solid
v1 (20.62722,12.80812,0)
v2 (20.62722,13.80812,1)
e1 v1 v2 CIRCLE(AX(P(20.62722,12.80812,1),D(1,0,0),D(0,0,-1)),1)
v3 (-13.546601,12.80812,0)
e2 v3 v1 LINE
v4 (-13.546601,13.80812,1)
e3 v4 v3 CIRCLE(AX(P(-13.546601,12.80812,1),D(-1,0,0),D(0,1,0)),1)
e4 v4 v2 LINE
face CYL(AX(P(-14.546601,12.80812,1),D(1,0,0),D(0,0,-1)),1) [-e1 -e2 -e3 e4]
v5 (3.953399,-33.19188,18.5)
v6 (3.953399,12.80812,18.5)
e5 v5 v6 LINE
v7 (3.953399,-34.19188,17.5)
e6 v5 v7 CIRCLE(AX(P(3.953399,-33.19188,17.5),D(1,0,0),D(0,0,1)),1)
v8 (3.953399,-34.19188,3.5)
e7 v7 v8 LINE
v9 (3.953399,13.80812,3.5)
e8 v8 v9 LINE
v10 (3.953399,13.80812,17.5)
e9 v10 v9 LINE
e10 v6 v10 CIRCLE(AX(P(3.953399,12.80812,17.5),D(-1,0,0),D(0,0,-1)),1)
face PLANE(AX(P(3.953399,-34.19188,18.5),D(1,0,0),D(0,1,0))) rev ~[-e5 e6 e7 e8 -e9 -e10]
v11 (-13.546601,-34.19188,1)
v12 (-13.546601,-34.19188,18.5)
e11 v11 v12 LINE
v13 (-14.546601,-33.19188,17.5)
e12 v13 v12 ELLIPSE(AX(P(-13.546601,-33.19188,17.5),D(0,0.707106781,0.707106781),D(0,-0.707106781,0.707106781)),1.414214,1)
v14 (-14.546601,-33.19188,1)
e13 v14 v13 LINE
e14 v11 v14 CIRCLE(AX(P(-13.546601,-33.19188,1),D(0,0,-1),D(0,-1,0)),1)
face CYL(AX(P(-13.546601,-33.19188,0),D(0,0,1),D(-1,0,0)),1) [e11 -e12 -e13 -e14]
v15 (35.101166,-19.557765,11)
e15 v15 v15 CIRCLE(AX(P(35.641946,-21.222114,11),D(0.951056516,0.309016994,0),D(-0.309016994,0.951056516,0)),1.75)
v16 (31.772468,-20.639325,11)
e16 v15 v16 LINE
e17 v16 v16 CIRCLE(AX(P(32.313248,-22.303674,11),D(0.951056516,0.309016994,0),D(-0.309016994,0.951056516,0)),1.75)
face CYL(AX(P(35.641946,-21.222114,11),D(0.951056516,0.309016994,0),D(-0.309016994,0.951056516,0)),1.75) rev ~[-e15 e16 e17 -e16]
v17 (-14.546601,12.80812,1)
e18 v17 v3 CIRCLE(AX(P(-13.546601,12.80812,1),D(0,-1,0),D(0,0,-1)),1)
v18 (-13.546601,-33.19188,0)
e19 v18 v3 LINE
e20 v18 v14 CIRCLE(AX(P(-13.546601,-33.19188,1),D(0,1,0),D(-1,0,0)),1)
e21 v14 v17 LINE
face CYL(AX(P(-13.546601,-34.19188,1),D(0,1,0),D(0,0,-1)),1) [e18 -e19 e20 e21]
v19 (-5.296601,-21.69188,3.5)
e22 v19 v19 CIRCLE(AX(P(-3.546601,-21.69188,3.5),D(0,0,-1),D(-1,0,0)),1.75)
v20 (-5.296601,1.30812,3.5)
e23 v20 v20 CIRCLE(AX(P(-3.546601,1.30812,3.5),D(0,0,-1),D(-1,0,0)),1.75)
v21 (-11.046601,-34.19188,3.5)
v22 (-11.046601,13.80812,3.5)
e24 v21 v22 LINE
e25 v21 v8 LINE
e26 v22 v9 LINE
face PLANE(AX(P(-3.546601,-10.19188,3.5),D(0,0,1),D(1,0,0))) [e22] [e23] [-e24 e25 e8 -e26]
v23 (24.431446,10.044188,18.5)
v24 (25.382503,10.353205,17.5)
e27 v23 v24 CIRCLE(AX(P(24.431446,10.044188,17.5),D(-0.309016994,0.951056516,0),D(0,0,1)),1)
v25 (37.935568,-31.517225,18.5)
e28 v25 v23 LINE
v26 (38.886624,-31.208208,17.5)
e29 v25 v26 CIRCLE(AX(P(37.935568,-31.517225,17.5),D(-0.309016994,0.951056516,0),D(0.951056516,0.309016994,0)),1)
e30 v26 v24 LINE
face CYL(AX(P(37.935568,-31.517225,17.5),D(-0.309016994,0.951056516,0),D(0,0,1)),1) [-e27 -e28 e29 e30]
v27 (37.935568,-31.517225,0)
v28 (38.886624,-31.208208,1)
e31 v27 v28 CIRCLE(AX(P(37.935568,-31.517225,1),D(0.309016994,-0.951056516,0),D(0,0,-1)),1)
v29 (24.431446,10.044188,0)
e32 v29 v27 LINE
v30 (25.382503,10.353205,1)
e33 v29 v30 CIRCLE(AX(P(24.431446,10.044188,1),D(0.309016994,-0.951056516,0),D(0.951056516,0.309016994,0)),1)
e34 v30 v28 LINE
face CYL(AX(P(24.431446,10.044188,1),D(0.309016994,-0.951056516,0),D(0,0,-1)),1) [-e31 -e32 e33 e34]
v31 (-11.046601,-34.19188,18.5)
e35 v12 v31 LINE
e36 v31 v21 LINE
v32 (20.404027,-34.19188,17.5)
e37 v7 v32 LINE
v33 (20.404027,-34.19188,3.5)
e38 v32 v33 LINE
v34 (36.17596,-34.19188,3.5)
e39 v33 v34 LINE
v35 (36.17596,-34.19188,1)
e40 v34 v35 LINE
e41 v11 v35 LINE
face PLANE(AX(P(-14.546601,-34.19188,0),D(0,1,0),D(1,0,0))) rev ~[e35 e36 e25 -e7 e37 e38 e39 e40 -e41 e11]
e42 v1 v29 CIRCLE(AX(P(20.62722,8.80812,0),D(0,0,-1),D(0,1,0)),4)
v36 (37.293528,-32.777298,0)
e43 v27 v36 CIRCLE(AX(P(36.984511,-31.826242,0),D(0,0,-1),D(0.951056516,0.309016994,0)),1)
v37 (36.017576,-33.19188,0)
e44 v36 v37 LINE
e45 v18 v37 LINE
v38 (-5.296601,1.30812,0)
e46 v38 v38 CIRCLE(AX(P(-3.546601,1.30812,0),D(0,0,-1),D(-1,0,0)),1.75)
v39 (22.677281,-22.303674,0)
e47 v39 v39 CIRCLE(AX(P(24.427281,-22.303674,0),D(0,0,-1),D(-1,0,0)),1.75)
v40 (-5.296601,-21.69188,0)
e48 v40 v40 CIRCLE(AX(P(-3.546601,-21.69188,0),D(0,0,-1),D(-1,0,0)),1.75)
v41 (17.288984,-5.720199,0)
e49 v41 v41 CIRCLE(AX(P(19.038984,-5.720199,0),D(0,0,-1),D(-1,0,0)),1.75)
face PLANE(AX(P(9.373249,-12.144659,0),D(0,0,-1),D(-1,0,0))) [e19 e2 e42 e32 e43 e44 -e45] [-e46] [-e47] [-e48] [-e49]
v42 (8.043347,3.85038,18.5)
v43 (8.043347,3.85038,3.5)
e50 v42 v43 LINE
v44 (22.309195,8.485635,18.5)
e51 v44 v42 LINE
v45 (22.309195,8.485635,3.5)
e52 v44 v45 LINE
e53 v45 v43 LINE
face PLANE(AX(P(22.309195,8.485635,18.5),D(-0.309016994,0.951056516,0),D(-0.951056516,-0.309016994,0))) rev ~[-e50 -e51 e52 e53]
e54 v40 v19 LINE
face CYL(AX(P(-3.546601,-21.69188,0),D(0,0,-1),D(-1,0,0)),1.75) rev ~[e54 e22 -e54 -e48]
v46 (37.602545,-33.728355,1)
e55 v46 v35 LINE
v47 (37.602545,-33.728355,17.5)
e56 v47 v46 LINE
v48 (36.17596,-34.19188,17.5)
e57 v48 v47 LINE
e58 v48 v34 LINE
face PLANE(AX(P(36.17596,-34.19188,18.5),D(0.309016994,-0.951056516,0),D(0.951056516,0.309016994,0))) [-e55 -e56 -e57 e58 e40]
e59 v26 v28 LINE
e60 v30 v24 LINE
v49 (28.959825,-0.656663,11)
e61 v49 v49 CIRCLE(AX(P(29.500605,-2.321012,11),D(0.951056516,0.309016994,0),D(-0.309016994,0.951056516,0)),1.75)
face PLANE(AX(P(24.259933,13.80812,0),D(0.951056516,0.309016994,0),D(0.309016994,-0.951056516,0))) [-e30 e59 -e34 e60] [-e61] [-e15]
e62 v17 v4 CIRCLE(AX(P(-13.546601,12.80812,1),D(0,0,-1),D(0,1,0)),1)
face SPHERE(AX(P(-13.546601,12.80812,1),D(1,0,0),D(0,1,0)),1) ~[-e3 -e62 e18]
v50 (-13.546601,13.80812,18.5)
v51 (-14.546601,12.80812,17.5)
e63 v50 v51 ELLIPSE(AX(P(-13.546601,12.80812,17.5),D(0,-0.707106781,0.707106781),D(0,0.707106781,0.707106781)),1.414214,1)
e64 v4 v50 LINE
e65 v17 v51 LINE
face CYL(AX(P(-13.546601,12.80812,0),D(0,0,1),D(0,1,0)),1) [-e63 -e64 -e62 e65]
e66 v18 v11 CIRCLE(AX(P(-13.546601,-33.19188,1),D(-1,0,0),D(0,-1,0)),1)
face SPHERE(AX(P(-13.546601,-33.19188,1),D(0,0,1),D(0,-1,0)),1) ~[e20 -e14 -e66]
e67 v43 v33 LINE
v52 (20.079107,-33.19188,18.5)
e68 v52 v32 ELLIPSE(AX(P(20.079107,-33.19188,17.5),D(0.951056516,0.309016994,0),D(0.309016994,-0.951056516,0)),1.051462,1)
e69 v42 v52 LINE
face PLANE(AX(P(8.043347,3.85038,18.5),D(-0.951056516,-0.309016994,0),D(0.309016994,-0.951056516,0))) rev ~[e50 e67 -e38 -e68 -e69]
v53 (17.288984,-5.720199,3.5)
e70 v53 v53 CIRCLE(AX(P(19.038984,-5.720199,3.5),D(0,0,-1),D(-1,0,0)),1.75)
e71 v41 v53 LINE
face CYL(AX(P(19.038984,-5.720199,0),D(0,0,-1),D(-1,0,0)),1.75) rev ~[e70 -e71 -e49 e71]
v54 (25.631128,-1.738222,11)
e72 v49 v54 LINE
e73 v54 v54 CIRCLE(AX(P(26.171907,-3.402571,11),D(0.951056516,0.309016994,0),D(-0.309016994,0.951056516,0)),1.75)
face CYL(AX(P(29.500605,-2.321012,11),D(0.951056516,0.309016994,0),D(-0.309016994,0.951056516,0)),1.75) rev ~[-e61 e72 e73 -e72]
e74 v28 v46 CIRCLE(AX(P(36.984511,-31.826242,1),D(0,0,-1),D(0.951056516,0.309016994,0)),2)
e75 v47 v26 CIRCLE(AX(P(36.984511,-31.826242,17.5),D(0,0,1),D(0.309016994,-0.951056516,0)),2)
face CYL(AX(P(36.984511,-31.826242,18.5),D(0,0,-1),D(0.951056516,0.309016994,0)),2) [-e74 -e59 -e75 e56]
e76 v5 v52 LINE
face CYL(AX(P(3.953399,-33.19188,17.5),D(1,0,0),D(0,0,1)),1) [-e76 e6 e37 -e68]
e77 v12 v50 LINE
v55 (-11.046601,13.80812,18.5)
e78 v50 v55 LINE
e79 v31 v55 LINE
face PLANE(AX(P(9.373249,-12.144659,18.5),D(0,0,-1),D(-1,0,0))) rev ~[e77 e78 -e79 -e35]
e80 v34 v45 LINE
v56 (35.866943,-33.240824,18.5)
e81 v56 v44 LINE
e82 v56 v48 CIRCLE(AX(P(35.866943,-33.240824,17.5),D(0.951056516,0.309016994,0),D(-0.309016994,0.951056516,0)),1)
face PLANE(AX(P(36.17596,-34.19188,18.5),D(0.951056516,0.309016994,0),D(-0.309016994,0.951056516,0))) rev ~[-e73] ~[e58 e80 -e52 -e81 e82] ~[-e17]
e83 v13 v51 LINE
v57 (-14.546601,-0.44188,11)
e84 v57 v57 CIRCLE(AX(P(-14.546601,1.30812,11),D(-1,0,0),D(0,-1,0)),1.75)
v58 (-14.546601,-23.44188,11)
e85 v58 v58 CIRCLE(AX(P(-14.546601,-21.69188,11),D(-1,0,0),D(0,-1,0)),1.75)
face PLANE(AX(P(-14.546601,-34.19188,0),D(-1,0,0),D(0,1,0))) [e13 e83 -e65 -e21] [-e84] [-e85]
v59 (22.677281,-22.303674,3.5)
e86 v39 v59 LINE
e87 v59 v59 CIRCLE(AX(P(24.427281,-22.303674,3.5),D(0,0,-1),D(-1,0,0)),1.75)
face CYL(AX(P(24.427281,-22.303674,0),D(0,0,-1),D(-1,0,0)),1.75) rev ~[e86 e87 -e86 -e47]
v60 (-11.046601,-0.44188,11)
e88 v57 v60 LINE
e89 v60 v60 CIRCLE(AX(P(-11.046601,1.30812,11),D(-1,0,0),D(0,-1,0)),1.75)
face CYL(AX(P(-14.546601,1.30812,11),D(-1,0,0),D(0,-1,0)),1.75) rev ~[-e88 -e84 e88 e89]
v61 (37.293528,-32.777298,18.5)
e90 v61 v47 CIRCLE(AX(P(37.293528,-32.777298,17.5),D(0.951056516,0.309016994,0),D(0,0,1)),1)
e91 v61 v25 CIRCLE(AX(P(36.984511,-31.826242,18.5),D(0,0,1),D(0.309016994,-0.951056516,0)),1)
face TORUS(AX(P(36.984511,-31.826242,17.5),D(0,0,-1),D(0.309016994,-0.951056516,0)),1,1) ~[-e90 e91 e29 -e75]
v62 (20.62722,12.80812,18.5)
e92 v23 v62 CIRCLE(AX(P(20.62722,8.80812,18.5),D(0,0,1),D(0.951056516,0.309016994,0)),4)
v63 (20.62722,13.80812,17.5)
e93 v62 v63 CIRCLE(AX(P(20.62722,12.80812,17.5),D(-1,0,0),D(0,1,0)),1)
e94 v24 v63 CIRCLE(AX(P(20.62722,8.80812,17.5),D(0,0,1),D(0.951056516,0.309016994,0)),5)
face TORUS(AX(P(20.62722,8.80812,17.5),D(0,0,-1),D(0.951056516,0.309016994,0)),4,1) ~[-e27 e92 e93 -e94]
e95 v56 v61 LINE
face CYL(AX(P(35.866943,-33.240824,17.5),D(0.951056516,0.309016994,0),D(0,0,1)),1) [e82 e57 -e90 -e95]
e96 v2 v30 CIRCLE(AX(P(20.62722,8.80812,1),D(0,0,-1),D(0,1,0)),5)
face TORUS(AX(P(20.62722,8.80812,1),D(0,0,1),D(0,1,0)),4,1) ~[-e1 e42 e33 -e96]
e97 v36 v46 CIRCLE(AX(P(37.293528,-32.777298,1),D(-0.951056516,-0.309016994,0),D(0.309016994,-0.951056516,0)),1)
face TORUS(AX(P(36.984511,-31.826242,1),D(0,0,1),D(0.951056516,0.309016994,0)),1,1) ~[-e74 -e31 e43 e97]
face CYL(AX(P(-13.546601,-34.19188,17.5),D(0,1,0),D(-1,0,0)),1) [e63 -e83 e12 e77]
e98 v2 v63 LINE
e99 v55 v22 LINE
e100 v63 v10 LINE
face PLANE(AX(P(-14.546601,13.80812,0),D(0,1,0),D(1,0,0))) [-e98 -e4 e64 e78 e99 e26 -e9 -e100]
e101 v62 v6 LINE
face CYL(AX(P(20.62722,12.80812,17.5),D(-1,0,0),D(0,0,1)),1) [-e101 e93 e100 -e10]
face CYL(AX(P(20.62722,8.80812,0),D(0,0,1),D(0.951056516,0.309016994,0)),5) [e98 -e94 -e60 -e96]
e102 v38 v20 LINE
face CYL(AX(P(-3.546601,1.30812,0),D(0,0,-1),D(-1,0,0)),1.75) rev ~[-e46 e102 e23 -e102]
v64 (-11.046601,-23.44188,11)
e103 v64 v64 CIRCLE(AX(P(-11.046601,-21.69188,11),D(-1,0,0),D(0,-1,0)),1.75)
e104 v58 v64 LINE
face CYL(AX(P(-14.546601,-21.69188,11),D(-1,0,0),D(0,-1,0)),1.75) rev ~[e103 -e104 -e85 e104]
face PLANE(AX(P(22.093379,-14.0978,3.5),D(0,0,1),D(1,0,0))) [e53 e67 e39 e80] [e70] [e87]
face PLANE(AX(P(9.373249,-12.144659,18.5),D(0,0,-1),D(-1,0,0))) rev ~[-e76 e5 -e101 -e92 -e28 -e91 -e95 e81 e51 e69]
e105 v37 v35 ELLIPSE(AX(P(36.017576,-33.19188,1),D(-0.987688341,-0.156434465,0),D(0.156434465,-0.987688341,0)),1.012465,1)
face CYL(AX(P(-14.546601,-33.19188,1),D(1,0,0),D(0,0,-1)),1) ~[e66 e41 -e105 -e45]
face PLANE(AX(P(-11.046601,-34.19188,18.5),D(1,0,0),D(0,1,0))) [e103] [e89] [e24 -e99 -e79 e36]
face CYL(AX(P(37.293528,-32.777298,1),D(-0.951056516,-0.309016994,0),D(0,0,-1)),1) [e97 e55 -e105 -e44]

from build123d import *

# Parameters (mm, degrees)
BOSS_EXTRUDE1_DEPTH = 18.5
SKETCH2_W           = 15
SKETCH2_H           = 48
CUT_EXTRUDE1_DEPTH  = 15
SKETCH3_R           = 1.75
CUT_EXTRUDE2_DEPTH  = 3.5
SKETCH4_R           = 1.75
CUT_EXTRUDE3_DEPTH  = 4
SKETCH5_R           = 1.75
CUT_EXTRUDE4_DEPTH  = 4
CUT_EXTRUDE5_DEPTH  = 19
FILLET1_R           = 2
FILLET2_R           = 5
FILLET3_R           = 1


with BuildPart() as part:
    # Sketch1 → Boss-Extrude1 (new body)
    with BuildSketch(Plane.XY):
        Polygon((24.259932708, 13.808119809), (39.856078127, -34.191880191), (7.453399362, -34.191880191), (-14.546600638, -34.191880191), (-14.546600638, 13.808119809), align=None)
    extrude(amount=BOSS_EXTRUDE1_DEPTH)

    # Sketch2 → Cut-Extrude1 (cut)
    with BuildSketch(Plane.XY.offset(18.5)):
        with Locations((-3.546600638, -10.191880191)):
            Rectangle(SKETCH2_W, SKETCH2_H)
        Polygon((36.175960342, -34.191880191), (22.309194948, 8.485635376), (8.043347203, 3.85038046), (20.404026978, -34.191880191), align=None)
    extrude(amount=-CUT_EXTRUDE1_DEPTH, mode=Mode.SUBTRACT)

    # Sketch3 → Cut-Extrude2 (cut)
    with BuildSketch(Plane(origin=(26.001419868, 8.448373445, 0), x_dir=(0, 0, -1), z_dir=(0.9510565162951533, 0.3090169943749487, 0))):
        with Locations(Location((-11, -31.197396994, 0), (0, 0, 90))):
            Circle(SKETCH3_R)
        with Locations(Location((-11, -11.323601551, 0), (0, 0, 90))):
            Circle(SKETCH3_R)
    extrude(amount=-CUT_EXTRUDE2_DEPTH, mode=Mode.SUBTRACT)

    # Sketch4 → Cut-Extrude3 (cut)
    with BuildSketch(Plane(origin=(0, 0, 0), x_dir=(-1, 0, 0), z_dir=(0, 0, -1))):
        with Locations((-24.427281231, -22.303673738)):
            Circle(SKETCH4_R)
        with Locations((-19.038983505, -5.720198536)):
            Circle(SKETCH4_R)
        with Locations((3.546600638, 1.308119809)):
            Circle(SKETCH4_R)
        with Locations((3.546600638, -21.691880191)):
            Circle(SKETCH4_R)
    extrude(amount=-CUT_EXTRUDE3_DEPTH, mode=Mode.SUBTRACT)

    # Sketch5 → Cut-Extrude4 (cut)
    with BuildSketch(Plane.ZY.offset(14.546600638)):
        with Locations(Location((11, -21.691880191, 0), (0, 0, 270))):
            Circle(SKETCH5_R)
        with Locations(Location((11, 1.308119809, 0), (0, 0, 270))):
            Circle(SKETCH5_R)
    extrude(amount=-CUT_EXTRUDE4_DEPTH, mode=Mode.SUBTRACT)

    # Sketch6 → Cut-Extrude5 (cut)
    with BuildSketch(Plane.XY.offset(18.5)):
        Polygon((36.175960342, -34.191880191), (39.504658149, -33.110320711), (39.856078127, -34.191880191), align=None)
    extrude(amount=-CUT_EXTRUDE5_DEPTH, mode=Mode.SUBTRACT)

    # Fillet1
    fillet1_edges = [part.edges().sort_by_distance(p)[0] for p in [
        (39.504658149, -33.110320711, 9.25),
    ]]
    fillet(fillet1_edges, radius=FILLET1_R)

    # Fillet2
    fillet2_edges = [part.edges().sort_by_distance(p)[0] for p in [
        (24.259932708, 13.808119809, 9.25),
    ]]
    fillet(fillet2_edges, radius=FILLET2_R)

    # Fillet3
    fillet3_edges = [part.edges().sort_by_distance(p)[0] for p in [
        (36.889252729, -33.960117446, 18.5),
        (38.766524176, -32.734222667, 18.5),
        (32.134563405, -10.427501449, 18.5),
        (23.566146329, 12.85320478, 18.5),
        (36.889252729, -33.960117446, 0),
        (38.766524176, -32.734222667, 0),
        (32.134563405, -10.427501449, 0),
        (23.566146329, 12.85320478, 0),
        (12.17871317, -34.191880191, 18.5),
        (12.290309715, 13.808119809, 18.5),
        (-14.546600638, -34.191880191, 9.25),
        (-14.546600638, 13.808119809, 9.25),
        (-14.546600638, -10.191880191, 18.5),
        (10.814679852, -34.191880191, 0),
        (3.040309715, 13.808119809, 0),
        (-14.546600638, -10.191880191, 0),
    ]]
    fillet(fillet3_edges, radius=FILLET3_R)


solid = part.part
